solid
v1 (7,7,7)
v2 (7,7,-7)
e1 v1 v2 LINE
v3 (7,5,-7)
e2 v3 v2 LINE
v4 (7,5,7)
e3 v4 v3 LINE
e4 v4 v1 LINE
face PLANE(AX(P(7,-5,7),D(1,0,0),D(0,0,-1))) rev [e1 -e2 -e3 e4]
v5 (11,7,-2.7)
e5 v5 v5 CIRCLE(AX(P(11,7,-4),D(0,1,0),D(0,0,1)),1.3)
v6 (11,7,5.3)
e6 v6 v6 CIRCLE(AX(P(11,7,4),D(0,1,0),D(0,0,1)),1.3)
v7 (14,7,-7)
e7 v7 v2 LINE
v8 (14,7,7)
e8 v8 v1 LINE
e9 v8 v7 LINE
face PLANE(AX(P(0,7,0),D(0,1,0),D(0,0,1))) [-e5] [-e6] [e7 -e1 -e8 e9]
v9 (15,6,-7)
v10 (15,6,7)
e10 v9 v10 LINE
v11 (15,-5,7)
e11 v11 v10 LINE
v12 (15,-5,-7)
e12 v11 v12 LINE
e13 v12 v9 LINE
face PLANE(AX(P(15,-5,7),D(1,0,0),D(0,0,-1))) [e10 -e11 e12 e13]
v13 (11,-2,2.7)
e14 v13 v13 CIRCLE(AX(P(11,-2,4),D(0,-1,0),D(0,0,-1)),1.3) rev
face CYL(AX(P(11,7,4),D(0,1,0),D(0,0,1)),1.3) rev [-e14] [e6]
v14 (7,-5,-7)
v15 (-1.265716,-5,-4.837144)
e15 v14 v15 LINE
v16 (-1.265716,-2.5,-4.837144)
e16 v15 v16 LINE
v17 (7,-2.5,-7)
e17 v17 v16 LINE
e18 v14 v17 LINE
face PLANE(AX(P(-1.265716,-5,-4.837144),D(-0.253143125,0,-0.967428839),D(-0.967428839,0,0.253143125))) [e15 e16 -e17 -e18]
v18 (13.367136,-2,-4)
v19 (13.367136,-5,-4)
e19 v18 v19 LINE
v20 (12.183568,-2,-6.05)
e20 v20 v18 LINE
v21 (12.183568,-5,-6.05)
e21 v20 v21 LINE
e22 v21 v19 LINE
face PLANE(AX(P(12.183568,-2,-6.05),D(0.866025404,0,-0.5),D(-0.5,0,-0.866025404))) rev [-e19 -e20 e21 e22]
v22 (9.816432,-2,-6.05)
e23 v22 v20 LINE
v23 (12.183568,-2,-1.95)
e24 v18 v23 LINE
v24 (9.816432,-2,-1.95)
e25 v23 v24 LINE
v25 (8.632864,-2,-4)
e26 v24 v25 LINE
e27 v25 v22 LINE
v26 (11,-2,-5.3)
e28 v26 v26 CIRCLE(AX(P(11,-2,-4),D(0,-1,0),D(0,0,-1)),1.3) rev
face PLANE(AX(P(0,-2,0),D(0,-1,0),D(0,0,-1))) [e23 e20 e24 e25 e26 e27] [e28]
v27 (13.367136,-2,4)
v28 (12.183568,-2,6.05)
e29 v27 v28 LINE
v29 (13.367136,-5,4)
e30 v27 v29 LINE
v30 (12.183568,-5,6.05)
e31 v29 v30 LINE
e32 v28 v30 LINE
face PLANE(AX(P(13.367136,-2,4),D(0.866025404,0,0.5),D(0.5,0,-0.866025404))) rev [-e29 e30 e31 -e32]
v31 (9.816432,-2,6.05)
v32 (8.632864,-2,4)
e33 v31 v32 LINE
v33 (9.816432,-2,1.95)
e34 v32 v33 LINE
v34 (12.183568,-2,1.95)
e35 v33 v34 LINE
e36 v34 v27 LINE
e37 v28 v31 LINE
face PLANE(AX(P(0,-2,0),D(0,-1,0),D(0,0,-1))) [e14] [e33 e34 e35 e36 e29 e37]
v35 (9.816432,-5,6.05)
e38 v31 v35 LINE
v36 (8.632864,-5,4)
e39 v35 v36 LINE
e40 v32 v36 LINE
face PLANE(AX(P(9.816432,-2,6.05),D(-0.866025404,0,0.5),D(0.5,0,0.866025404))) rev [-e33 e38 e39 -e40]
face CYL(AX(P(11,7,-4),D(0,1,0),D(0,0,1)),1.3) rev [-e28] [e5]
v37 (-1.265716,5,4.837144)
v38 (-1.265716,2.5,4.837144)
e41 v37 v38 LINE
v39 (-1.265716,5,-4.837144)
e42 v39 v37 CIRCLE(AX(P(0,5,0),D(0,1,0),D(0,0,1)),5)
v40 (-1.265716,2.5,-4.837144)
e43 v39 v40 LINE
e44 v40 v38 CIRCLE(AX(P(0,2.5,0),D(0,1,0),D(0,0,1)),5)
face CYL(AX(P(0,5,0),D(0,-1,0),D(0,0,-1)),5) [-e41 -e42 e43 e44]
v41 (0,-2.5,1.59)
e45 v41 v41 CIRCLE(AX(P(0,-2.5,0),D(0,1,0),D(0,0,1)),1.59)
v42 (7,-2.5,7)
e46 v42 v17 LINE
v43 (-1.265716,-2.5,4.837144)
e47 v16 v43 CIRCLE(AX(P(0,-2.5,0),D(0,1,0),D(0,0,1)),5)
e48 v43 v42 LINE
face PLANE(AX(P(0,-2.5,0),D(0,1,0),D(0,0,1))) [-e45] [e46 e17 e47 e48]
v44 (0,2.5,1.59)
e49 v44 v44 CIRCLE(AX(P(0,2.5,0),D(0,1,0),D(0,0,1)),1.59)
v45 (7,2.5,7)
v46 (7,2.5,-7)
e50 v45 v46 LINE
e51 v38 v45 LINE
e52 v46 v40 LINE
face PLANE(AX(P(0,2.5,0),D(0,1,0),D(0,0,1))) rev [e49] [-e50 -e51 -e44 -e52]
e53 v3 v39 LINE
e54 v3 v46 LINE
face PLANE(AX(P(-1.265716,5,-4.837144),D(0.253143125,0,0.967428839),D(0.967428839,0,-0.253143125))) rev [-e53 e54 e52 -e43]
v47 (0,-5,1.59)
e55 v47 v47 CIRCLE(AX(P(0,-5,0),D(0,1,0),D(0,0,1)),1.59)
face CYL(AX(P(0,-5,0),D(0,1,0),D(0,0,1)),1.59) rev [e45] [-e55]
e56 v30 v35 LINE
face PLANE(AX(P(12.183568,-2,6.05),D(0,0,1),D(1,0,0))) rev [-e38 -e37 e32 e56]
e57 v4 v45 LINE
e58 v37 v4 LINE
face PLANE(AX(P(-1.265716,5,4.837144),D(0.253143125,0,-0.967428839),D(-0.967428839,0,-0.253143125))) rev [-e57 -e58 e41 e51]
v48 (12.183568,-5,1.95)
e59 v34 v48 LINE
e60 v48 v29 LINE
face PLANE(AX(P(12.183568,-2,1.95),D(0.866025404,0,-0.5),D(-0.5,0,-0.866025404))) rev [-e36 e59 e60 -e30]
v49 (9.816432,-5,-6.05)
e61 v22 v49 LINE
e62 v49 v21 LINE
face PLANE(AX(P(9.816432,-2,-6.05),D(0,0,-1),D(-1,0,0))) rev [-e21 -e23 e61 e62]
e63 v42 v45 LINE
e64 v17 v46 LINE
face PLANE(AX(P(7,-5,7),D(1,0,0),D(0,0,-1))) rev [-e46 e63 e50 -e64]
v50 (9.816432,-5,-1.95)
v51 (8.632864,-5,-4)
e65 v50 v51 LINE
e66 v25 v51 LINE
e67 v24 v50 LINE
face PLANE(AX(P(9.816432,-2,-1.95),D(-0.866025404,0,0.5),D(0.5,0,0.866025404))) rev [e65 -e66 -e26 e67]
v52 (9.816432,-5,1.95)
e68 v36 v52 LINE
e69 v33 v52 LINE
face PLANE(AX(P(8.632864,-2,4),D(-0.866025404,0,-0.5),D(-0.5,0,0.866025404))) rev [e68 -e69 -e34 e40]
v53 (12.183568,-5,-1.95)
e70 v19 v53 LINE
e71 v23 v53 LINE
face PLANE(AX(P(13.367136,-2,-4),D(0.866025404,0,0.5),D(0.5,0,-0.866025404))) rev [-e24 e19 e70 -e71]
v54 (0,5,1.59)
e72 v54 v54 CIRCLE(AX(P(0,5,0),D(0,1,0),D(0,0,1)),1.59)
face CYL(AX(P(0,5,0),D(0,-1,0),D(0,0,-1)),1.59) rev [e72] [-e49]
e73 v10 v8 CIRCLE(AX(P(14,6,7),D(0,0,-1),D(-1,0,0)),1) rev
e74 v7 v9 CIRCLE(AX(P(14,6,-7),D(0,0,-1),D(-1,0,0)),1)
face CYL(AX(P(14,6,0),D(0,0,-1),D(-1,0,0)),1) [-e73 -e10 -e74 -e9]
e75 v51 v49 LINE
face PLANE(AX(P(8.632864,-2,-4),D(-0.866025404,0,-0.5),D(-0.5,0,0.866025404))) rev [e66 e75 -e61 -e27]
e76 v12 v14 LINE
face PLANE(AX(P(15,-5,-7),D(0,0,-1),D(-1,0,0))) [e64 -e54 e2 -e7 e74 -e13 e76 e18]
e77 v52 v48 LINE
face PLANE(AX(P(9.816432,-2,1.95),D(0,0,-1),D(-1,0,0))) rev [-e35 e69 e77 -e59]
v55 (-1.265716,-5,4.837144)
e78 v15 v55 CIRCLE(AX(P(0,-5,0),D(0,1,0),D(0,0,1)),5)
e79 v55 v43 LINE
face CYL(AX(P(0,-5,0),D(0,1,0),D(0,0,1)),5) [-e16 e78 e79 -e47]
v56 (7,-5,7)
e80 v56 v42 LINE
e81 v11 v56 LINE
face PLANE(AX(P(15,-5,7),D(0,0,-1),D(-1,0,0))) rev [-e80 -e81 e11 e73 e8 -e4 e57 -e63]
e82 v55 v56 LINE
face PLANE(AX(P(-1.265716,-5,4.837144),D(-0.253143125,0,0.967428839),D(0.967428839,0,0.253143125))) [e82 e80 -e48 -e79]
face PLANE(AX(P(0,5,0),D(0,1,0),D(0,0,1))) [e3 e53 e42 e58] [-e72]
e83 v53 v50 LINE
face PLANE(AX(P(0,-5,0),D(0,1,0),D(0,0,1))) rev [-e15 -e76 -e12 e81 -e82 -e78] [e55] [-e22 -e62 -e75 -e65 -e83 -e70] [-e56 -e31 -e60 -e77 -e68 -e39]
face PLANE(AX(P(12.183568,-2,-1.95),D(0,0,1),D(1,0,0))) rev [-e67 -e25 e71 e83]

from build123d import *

# Parameters (mm, degrees)
BOSS_EXTRUDE1_DEPTH      = 7
BOSS_EXTRUDE1_DEPTH_BACK = 5
SKETCH1_W                = 8
SKETCH1_H                = 14
BOSS_EXTRUDE2_START      = 2.5
SKETCH1_3_R              = 1.59
BOSS_EXTRUDE2_DEPTH      = 2.5
BOSS_EXTRUDE3_START      = -5
SKETCH1_4_R              = 1.59
BOSS_EXTRUDE3_DEPTH      = 2.5
M2_CLEARANCE_HOLE1_D     = 2.6
CUT_EXTRUDE1_DEPTH       = 3
FILLET2_R                = 1


with BuildPart() as part:
    # Sketch1 → Boss-Extrude1 (new, two sides: drawn at the far end of the back side and taken through both)
    with BuildSketch(Plane(origin=(0, 0, 0), x_dir=(1, 0, 0), z_dir=(0, 1, 0)).offset(-BOSS_EXTRUDE1_DEPTH_BACK)):
        with Locations((11, 0)):
            Rectangle(SKETCH1_W, SKETCH1_H)
    extrude(amount=BOSS_EXTRUDE1_DEPTH + BOSS_EXTRUDE1_DEPTH_BACK)

    # Sketch1<3> → Boss-Extrude2 (add)
    with BuildSketch(Plane(origin=(0, 0, 0), x_dir=(1, 0, 0), z_dir=(0, 1, 0)).offset(BOSS_EXTRUDE2_START)):
        with BuildLine():
            Line((7, 7), (-1.265715623, 4.837144195))
            ThreePointArc((-1.265715623, 4.837144195), (-5, 0), (-1.265715623, -4.837144195))
            Line((-1.265715623, -4.837144195), (7, -7))
            Line((7, -7), (7, 7))
        make_face()
        with Locations(Location((0, 0, 0), (0, 0, 270))):
            Circle(SKETCH1_3_R, mode=Mode.SUBTRACT)
    extrude(amount=BOSS_EXTRUDE2_DEPTH)

    # Sketch1<4> → Boss-Extrude3 (add)
    with BuildSketch(Plane(origin=(0, 0, 0), x_dir=(1, 0, 0), z_dir=(0, 1, 0)).offset(BOSS_EXTRUDE3_START)):
        with BuildLine():
            Line((7, 7), (-1.265715623, 4.837144195))
            ThreePointArc((-1.265715623, 4.837144195), (-5, 0), (-1.265715623, -4.837144195))
            Line((-1.265715623, -4.837144195), (7, -7))
            Line((7, -7), (7, 7))
        make_face()
        with Locations(Location((0, 0, 0), (0, 0, 270))):
            Circle(SKETCH1_4_R, mode=Mode.SUBTRACT)
    extrude(amount=BOSS_EXTRUDE3_DEPTH)

    # M2 Clearance Hole1 (through all)
    with Locations(Plane(origin=(0, 7, 0), x_dir=(1, 0, 0), z_dir=(0, 1, 0))):
        with Locations((11, 4), (11, -4)):
            Hole(M2_CLEARANCE_HOLE1_D / 2)

    # Sketch4 → Cut-Extrude1 (cut)
    with BuildSketch(Plane.XZ.offset(5)):
        Polygon((9.816431948, 1.95), (12.183568052, 1.95), (13.367136104, 4), (12.183568052, 6.05), (9.816431948, 6.05), (8.632863896, 4), align=None)
        Polygon((8.632863896, -4), (9.816431948, -6.05), (12.183568052, -6.05), (13.367136104, -4), (12.183568052, -1.95), (9.816431948, -1.95), align=None)
    extrude(amount=-CUT_EXTRUDE1_DEPTH, mode=Mode.SUBTRACT)

    # Fillet2
    fillet2_edges = [part.edges().sort_by_distance(p)[0] for p in [
        (15, 7, 0),
    ]]
    fillet(fillet2_edges, radius=FILLET2_R)


solid = part.part
